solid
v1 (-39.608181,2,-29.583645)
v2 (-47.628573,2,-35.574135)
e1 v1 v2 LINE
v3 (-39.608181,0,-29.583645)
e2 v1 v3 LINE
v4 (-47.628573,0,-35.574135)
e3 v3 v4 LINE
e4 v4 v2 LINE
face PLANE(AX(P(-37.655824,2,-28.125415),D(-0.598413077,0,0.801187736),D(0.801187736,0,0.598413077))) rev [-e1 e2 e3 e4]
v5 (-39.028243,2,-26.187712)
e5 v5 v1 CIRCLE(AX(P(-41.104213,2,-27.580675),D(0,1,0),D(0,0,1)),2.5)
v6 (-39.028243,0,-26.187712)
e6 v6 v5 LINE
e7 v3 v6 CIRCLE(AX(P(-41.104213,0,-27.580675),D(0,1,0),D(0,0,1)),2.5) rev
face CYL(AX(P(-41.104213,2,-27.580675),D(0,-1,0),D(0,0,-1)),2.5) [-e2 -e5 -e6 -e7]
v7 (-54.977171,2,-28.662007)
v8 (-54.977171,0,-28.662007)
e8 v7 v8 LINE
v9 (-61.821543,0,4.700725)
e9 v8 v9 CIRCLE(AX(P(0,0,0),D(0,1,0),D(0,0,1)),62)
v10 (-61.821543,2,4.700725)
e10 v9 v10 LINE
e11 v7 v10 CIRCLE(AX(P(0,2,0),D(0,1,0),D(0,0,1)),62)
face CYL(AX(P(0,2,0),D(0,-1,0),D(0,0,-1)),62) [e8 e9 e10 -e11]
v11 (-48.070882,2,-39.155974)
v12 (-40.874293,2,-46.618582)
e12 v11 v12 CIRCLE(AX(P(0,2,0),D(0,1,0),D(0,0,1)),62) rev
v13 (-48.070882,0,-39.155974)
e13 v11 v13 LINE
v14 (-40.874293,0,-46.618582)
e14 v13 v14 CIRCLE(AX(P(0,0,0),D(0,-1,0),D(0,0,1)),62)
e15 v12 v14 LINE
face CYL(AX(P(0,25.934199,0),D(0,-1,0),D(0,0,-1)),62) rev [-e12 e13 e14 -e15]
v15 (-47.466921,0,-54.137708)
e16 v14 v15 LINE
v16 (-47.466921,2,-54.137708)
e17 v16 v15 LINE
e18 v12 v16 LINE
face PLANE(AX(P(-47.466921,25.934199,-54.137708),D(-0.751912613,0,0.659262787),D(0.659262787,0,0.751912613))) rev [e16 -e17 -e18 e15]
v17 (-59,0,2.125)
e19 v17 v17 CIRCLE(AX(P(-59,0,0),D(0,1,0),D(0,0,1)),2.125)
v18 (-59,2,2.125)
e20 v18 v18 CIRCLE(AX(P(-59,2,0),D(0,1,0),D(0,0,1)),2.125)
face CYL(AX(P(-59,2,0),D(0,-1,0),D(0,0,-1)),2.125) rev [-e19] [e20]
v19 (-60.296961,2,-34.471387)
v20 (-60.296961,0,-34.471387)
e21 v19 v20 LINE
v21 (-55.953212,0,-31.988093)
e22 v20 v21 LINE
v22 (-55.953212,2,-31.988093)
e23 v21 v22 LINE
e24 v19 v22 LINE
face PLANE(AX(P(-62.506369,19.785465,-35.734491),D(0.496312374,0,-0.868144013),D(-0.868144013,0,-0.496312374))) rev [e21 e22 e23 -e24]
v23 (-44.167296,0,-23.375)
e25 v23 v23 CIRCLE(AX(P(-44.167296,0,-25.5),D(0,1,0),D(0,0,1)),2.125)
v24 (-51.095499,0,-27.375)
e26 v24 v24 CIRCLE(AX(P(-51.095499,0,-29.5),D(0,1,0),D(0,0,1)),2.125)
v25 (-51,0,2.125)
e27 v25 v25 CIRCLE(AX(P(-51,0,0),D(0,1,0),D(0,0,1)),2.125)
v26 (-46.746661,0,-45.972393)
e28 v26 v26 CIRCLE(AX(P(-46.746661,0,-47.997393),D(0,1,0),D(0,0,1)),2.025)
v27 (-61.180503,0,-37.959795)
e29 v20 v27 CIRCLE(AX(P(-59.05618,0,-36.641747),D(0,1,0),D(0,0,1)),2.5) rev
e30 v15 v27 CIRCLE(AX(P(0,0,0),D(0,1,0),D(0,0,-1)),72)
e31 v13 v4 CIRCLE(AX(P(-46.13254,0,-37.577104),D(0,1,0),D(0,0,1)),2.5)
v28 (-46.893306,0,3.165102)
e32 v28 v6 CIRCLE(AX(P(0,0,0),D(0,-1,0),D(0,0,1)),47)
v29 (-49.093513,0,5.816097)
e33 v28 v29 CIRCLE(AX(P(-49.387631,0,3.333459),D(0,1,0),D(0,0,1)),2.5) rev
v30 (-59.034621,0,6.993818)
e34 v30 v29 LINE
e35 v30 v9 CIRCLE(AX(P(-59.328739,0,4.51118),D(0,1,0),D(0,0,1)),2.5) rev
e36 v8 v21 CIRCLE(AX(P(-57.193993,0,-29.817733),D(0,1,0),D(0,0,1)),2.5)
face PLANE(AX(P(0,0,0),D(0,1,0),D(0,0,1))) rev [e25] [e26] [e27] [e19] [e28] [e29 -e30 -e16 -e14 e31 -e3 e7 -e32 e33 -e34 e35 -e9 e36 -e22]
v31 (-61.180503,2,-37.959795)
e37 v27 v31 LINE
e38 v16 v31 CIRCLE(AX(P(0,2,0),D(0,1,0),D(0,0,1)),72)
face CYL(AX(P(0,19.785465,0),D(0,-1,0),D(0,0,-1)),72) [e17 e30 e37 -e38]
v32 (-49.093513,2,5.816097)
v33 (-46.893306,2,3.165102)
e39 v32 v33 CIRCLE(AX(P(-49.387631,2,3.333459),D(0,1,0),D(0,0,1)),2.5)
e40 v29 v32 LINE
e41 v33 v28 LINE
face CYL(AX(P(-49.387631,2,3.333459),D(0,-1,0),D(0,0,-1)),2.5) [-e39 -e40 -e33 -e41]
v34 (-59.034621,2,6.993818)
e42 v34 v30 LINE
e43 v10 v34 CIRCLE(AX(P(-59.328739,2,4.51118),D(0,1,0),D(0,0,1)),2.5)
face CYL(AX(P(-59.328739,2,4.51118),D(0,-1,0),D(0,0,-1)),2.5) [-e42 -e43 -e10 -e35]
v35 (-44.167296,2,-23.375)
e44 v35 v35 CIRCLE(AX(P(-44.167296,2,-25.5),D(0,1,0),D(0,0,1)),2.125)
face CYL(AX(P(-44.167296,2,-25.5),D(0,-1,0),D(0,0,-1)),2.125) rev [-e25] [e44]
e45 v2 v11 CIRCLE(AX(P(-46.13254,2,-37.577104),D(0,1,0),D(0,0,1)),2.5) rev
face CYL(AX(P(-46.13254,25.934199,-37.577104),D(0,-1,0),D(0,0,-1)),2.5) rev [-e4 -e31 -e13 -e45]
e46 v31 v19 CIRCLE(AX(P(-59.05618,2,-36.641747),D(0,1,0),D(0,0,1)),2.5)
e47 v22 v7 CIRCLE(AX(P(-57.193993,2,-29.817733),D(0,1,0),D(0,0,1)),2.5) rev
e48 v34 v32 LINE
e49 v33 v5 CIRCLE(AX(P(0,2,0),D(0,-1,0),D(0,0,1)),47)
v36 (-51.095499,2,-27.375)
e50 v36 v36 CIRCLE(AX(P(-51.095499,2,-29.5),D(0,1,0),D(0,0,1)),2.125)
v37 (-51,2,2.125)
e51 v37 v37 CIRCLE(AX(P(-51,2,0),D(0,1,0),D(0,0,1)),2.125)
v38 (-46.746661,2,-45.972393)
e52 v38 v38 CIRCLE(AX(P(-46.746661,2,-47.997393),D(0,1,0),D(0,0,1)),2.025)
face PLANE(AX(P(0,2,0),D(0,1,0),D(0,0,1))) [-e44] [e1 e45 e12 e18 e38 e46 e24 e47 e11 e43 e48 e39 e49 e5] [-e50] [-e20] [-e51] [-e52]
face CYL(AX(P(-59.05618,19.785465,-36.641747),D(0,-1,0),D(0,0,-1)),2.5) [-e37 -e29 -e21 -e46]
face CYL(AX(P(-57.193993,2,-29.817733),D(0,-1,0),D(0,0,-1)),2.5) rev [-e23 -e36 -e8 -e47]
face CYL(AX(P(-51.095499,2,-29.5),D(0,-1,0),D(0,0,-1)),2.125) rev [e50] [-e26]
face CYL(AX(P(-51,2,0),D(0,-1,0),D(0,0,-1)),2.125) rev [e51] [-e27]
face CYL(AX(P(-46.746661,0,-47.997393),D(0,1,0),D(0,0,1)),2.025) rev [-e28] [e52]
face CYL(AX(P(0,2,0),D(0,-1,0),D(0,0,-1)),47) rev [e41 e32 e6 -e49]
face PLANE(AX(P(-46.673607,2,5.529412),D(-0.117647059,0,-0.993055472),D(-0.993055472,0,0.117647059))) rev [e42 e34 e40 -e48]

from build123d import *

# Parameters (mm, degrees)
SKETCH1_R               = 2.125
BOSS_EXTRUDE1_DEPTH     = 2
BOSS_EXTRUDE3_DEPTH     = 2
BOSS_EXTRUDE4_DEPTH     = 2
FILLET1_R               = 2.5
SKETCH6_R               = 2.025
CUT_EXTRUDE1_DEPTH      = 1
CUT_EXTRUDE1_DEPTH_BACK = 3


with BuildPart() as part:
    # Sketch1 → Boss-Extrude1 (new body)
    with BuildSketch(Plane(origin=(0, 0, 0), x_dir=(1, 0, 0), z_dir=(0, 1, 0))):
        with BuildLine():
            Line((-37.655823606, 28.125414637), (-49.673639651, 37.101610798))
            ThreePointArc((-49.673639651, 37.101610798), (-59.88740123, 16.046780796), (-61.569439235, -7.294117647))
            Line((-61.569439235, -7.294117647), (-46.673607162, -5.529411765))
            ThreePointArc((-46.673607162, -5.529411765), (-45.398513836, 12.16449512), (-37.655823606, 28.125414637))
        make_face()
        with Locations((-44.167295593, 25.5)):
            Circle(SKETCH1_R, mode=Mode.SUBTRACT)
        with Locations((-51.095498823, 29.5)):
            Circle(SKETCH1_R, mode=Mode.SUBTRACT)
        with Locations((-59, 0)):
            Circle(SKETCH1_R, mode=Mode.SUBTRACT)
        with Locations((-51, 0)):
            Circle(SKETCH1_R, mode=Mode.SUBTRACT)
    extrude(amount=BOSS_EXTRUDE1_DEPTH)

    # Sketch3 → Boss-Extrude3 (add)
    with BuildSketch(Plane(origin=(0, 0, 0), x_dir=(1, 0, 0), z_dir=(0, 1, 0))):
        with BuildLine():
            Line((-62.506368953, 35.734490906), (-53.824928821, 30.771367169))
            ThreePointArc((-53.824928821, 30.771367169), (-51.845987454, 33.999905661), (-49.673639651, 37.101610798))
            Line((-49.673639651, 37.101610798), (-57.685517014, 43.085741572))
            ThreePointArc((-57.685517014, 43.085741572), (-60.208243494, 39.483761413), (-62.506368953, 35.734490906))
        make_face()
    extrude(amount=BOSS_EXTRUDE3_DEPTH)

    # Sketch5 → Boss-Extrude4 (add)
    with BuildSketch(Plane(origin=(0, 0, 0), x_dir=(1, 0, 0), z_dir=(0, 1, 0))):
        with BuildLine():
            Line((-47.466920684, 54.137708123), (-40.874292811, 46.618581995))
            ThreePointArc((-40.874292811, 46.618581995), (-45.523347894, 42.09067351), (-49.673639651, 37.101610798))
            Line((-49.673639651, 37.101610798), (-57.685517014, 43.085741572))
            ThreePointArc((-57.685517014, 43.085741572), (-52.865823361, 48.879491818), (-47.466920684, 54.137708123))
        make_face()
    extrude(amount=BOSS_EXTRUDE4_DEPTH)

    # Fillet1
    fillet1_edges = [part.edges().sort_by_distance(p)[0] for p in [
        (-53.824928821, 1, -30.771367169),
        (-62.506368953, 1, -35.734490906),
        (-49.673639651, 1, -37.101610798),
        (-46.673607162, 1, 5.529411765),
        (-61.569439235, 1, 7.294117647),
        (-37.655823606, 1, -28.125414637),
    ]]
    fillet(fillet1_edges, radius=FILLET1_R)

    # Sketch6 → Cut-Extrude1 (cut, two sides)
    with BuildSketch(Plane(origin=(0, 2, 0), x_dir=(1, 0, 0), z_dir=(0, 1, 0))) as cut_extrude1_sk:
        with Locations((-46.746660862, 47.99739262)):
            Circle(SKETCH6_R)
    extrude(amount=CUT_EXTRUDE1_DEPTH, mode=Mode.SUBTRACT)
    extrude(cut_extrude1_sk.sketch, amount=-CUT_EXTRUDE1_DEPTH_BACK, mode=Mode.SUBTRACT)


solid = part.part
